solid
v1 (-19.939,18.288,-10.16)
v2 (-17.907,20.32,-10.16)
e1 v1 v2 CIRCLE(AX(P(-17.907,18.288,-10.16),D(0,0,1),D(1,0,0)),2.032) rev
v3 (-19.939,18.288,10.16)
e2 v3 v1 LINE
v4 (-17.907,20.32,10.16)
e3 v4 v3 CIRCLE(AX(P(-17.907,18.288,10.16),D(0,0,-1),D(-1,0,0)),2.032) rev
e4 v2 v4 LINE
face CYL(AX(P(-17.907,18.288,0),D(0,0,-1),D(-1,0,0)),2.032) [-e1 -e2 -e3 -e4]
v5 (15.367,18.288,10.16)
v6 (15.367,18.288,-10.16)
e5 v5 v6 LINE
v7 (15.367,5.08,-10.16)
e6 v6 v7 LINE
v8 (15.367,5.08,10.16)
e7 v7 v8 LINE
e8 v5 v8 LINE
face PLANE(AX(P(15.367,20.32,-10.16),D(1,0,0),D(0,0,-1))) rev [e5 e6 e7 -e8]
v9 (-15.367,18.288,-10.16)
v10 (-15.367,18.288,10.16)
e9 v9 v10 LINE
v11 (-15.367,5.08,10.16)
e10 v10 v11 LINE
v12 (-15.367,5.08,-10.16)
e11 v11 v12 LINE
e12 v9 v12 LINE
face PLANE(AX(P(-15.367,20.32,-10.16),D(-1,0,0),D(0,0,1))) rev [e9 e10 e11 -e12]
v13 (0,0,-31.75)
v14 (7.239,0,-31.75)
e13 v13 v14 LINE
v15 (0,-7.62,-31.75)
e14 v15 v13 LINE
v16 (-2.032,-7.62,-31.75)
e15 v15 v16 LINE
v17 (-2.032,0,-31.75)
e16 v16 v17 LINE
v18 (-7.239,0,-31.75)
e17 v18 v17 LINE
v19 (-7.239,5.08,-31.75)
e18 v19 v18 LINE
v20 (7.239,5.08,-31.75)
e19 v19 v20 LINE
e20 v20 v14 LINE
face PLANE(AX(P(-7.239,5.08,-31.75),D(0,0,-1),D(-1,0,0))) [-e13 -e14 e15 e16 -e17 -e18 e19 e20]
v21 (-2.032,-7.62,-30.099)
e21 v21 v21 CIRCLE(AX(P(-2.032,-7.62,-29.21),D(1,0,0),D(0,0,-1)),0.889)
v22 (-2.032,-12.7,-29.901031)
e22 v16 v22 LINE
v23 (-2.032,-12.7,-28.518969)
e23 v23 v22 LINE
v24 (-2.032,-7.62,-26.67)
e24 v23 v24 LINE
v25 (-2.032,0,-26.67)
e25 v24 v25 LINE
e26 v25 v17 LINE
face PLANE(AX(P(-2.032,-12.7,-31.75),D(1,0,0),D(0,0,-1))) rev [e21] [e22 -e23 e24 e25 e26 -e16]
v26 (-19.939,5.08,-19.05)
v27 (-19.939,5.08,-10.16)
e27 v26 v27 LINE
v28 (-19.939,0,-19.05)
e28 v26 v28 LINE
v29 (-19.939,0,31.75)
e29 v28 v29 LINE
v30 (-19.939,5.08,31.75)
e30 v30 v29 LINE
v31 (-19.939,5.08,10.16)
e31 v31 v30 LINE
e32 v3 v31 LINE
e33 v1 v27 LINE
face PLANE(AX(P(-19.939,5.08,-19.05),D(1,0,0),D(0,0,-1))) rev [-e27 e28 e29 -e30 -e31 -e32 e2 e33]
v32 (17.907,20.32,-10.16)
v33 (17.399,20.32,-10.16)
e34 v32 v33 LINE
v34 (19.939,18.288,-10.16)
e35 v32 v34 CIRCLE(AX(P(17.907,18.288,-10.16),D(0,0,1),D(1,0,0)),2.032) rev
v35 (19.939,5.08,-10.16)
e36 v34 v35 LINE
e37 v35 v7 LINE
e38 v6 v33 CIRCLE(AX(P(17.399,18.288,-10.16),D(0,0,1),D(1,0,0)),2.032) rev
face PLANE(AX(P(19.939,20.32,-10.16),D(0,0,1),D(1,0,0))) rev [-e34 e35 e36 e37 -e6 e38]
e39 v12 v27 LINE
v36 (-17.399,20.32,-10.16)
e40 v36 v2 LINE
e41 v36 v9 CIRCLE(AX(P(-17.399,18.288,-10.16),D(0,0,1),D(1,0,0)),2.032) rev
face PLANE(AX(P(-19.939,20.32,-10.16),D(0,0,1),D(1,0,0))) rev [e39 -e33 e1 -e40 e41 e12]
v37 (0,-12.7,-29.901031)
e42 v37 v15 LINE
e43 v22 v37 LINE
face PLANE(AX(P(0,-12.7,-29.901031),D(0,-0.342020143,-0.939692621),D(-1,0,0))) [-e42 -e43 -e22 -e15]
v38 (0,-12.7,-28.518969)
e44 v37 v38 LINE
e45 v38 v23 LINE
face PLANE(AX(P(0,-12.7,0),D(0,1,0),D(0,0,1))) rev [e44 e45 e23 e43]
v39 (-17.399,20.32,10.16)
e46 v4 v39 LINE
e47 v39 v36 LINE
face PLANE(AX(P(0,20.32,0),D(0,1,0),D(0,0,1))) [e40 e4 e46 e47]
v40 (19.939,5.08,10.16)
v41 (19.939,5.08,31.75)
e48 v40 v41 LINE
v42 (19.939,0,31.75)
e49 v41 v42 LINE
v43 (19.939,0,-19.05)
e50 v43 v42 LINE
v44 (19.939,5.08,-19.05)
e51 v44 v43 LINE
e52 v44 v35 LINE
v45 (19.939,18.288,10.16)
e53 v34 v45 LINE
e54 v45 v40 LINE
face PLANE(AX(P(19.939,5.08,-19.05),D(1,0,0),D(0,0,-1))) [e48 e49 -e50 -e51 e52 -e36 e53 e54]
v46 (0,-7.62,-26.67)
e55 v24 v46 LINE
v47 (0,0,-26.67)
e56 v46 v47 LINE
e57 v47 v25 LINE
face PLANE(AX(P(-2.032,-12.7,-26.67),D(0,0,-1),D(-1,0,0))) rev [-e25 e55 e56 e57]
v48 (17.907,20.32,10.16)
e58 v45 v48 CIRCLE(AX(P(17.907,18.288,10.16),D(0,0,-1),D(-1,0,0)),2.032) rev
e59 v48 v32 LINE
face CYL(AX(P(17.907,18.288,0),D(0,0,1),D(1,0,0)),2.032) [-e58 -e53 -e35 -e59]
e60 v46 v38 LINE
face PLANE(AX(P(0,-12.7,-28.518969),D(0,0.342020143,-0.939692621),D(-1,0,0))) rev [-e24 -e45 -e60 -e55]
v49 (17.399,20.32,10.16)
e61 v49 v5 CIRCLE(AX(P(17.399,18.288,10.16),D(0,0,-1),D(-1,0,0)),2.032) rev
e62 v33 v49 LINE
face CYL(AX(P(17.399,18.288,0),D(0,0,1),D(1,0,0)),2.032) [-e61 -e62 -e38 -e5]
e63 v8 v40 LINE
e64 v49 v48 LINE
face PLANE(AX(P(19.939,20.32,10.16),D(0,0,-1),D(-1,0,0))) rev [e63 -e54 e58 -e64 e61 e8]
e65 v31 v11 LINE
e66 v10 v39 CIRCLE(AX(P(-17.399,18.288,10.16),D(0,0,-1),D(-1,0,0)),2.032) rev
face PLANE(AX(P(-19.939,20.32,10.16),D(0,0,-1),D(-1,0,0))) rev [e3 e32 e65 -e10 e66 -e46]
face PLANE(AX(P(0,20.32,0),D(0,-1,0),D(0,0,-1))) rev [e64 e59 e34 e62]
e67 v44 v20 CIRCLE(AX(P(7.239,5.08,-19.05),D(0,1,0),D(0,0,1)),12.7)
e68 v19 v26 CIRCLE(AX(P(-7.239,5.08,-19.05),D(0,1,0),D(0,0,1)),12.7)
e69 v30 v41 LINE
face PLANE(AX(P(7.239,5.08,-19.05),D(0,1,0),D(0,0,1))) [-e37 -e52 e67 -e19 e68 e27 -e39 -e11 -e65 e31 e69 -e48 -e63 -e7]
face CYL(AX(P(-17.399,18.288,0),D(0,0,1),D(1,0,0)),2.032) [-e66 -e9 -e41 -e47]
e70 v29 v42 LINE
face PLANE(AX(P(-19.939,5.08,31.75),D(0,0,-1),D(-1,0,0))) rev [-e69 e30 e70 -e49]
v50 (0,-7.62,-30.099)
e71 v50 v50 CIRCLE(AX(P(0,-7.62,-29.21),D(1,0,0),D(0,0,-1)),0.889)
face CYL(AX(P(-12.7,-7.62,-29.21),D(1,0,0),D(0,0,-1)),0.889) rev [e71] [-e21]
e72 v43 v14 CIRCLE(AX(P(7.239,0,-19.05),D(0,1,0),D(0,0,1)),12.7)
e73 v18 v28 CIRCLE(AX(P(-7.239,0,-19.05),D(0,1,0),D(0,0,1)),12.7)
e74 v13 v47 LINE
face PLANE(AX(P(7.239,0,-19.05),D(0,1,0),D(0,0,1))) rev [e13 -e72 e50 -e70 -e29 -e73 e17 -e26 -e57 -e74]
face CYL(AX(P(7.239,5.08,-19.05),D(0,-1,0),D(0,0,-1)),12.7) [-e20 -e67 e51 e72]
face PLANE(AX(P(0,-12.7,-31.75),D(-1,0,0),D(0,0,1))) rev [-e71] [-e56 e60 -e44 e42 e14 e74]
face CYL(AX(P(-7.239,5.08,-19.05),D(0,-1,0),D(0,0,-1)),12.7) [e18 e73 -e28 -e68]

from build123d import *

# Parameters (mm, degrees)
BOSS_EXTRUDE2_DEPTH         = 5.08
SKETCH3_W                   = 4.572
SKETCH3_H                   = 20.32
BOSS_EXTRUDE3_DEPTH         = 15.24
FILLET1_R                   = 2.032
SKETCH4_W                   = 2.032
SKETCH4_H                   = 5.08
TILT_SERVO_CONNECTION_DEPTH = 12.7
SKETCH5_R                   = 0.889
CUT_EXTRUDE1_DEPTH          = 12.7
CHAMFER1_SIZE               = 5.08
CHAMFER1_SIZE2              = 1.84896879
CHAMFER1_PART_2_SIZE        = 5.08
CHAMFER1_PART_2_SIZE2       = 1.84896879


with BuildPart() as part:
    # Sketch1 → Boss-Extrude2 (new body)
    with BuildSketch(Plane(origin=(0, 0, 0), x_dir=(1, 0, 0), z_dir=(0, 1, 0))):
        with BuildLine():
            Line((-7.239, 31.75), (7.239, 31.75))
            ThreePointArc((7.239, 31.75), (16.219256121, 28.030256121), (19.939, 19.05))
            Line((19.939, 19.05), (19.939, -31.75))
            Line((19.939, -31.75), (-19.939, -31.75))
            Line((-19.939, -31.75), (-19.939, 19.05))
            ThreePointArc((-19.939, 19.05), (-16.219256121, 28.030256121), (-7.239, 31.75))
        make_face()
    extrude(amount=BOSS_EXTRUDE2_DEPTH)

    # Sketch3 → Boss-Extrude3 (add)
    with BuildSketch(Plane(origin=(0, 5.08, 0), x_dir=(1, 0, 0), z_dir=(0, 1, 0))):
        with Locations((-17.653, 0)):
            Rectangle(SKETCH3_W, SKETCH3_H)
        with Locations((17.653, 0)):
            Rectangle(SKETCH3_W, SKETCH3_H)
    extrude(amount=BOSS_EXTRUDE3_DEPTH)

    # Fillet1
    fillet1_edges = [part.edges().sort_by_distance(p)[0] for p in [
        (-19.939, 20.32, 0),
        (-15.367, 20.32, 0),
        (19.939, 20.32, 0),
        (15.367, 20.32, 0),
    ]]
    fillet(fillet1_edges, radius=FILLET1_R)

    # Sketch4 → Tilt servo connection (add)
    with BuildSketch(Plane.XZ):
        with Locations((-1.016, -29.21)):
            Rectangle(SKETCH4_W, SKETCH4_H)
    extrude(amount=TILT_SERVO_CONNECTION_DEPTH)

    # Sketch5 → Cut-Extrude1 (cut)
    with BuildSketch(Plane(origin=(0, 0, 0), x_dir=(0, 0, -1), z_dir=(1, 0, 0))):
        with Locations((29.21, -7.62)):
            Circle(SKETCH5_R)
    extrude(amount=-CUT_EXTRUDE1_DEPTH, mode=Mode.SUBTRACT)

    # Chamfer1
    chamfer1_edges = [part.edges().sort_by_distance(p)[0] for p in [
        (-1.016, -12.7, -31.75),
    ]]
    chamfer1_side = [part.faces().sort_by_distance(p)[0] for p in [
        (-0.263896104, 0.230909091, -31.75),
    ]]
    chamfer(chamfer1_edges, length=CHAMFER1_SIZE, length2=CHAMFER1_SIZE2, reference=chamfer1_side[0])

    # Chamfer1 part 2
    chamfer1_part_2_edges = [part.edges().sort_by_distance(p)[0] for p in [
        (-1.016, -12.7, -26.67),
    ]]
    chamfer1_part_2_side = [part.faces().sort_by_distance(p)[0] for p in [
        (-1.016, -6.35, -26.67),
    ]]
    chamfer(chamfer1_part_2_edges, length=CHAMFER1_PART_2_SIZE, length2=CHAMFER1_PART_2_SIZE2, reference=chamfer1_part_2_side[0])


solid = part.part
